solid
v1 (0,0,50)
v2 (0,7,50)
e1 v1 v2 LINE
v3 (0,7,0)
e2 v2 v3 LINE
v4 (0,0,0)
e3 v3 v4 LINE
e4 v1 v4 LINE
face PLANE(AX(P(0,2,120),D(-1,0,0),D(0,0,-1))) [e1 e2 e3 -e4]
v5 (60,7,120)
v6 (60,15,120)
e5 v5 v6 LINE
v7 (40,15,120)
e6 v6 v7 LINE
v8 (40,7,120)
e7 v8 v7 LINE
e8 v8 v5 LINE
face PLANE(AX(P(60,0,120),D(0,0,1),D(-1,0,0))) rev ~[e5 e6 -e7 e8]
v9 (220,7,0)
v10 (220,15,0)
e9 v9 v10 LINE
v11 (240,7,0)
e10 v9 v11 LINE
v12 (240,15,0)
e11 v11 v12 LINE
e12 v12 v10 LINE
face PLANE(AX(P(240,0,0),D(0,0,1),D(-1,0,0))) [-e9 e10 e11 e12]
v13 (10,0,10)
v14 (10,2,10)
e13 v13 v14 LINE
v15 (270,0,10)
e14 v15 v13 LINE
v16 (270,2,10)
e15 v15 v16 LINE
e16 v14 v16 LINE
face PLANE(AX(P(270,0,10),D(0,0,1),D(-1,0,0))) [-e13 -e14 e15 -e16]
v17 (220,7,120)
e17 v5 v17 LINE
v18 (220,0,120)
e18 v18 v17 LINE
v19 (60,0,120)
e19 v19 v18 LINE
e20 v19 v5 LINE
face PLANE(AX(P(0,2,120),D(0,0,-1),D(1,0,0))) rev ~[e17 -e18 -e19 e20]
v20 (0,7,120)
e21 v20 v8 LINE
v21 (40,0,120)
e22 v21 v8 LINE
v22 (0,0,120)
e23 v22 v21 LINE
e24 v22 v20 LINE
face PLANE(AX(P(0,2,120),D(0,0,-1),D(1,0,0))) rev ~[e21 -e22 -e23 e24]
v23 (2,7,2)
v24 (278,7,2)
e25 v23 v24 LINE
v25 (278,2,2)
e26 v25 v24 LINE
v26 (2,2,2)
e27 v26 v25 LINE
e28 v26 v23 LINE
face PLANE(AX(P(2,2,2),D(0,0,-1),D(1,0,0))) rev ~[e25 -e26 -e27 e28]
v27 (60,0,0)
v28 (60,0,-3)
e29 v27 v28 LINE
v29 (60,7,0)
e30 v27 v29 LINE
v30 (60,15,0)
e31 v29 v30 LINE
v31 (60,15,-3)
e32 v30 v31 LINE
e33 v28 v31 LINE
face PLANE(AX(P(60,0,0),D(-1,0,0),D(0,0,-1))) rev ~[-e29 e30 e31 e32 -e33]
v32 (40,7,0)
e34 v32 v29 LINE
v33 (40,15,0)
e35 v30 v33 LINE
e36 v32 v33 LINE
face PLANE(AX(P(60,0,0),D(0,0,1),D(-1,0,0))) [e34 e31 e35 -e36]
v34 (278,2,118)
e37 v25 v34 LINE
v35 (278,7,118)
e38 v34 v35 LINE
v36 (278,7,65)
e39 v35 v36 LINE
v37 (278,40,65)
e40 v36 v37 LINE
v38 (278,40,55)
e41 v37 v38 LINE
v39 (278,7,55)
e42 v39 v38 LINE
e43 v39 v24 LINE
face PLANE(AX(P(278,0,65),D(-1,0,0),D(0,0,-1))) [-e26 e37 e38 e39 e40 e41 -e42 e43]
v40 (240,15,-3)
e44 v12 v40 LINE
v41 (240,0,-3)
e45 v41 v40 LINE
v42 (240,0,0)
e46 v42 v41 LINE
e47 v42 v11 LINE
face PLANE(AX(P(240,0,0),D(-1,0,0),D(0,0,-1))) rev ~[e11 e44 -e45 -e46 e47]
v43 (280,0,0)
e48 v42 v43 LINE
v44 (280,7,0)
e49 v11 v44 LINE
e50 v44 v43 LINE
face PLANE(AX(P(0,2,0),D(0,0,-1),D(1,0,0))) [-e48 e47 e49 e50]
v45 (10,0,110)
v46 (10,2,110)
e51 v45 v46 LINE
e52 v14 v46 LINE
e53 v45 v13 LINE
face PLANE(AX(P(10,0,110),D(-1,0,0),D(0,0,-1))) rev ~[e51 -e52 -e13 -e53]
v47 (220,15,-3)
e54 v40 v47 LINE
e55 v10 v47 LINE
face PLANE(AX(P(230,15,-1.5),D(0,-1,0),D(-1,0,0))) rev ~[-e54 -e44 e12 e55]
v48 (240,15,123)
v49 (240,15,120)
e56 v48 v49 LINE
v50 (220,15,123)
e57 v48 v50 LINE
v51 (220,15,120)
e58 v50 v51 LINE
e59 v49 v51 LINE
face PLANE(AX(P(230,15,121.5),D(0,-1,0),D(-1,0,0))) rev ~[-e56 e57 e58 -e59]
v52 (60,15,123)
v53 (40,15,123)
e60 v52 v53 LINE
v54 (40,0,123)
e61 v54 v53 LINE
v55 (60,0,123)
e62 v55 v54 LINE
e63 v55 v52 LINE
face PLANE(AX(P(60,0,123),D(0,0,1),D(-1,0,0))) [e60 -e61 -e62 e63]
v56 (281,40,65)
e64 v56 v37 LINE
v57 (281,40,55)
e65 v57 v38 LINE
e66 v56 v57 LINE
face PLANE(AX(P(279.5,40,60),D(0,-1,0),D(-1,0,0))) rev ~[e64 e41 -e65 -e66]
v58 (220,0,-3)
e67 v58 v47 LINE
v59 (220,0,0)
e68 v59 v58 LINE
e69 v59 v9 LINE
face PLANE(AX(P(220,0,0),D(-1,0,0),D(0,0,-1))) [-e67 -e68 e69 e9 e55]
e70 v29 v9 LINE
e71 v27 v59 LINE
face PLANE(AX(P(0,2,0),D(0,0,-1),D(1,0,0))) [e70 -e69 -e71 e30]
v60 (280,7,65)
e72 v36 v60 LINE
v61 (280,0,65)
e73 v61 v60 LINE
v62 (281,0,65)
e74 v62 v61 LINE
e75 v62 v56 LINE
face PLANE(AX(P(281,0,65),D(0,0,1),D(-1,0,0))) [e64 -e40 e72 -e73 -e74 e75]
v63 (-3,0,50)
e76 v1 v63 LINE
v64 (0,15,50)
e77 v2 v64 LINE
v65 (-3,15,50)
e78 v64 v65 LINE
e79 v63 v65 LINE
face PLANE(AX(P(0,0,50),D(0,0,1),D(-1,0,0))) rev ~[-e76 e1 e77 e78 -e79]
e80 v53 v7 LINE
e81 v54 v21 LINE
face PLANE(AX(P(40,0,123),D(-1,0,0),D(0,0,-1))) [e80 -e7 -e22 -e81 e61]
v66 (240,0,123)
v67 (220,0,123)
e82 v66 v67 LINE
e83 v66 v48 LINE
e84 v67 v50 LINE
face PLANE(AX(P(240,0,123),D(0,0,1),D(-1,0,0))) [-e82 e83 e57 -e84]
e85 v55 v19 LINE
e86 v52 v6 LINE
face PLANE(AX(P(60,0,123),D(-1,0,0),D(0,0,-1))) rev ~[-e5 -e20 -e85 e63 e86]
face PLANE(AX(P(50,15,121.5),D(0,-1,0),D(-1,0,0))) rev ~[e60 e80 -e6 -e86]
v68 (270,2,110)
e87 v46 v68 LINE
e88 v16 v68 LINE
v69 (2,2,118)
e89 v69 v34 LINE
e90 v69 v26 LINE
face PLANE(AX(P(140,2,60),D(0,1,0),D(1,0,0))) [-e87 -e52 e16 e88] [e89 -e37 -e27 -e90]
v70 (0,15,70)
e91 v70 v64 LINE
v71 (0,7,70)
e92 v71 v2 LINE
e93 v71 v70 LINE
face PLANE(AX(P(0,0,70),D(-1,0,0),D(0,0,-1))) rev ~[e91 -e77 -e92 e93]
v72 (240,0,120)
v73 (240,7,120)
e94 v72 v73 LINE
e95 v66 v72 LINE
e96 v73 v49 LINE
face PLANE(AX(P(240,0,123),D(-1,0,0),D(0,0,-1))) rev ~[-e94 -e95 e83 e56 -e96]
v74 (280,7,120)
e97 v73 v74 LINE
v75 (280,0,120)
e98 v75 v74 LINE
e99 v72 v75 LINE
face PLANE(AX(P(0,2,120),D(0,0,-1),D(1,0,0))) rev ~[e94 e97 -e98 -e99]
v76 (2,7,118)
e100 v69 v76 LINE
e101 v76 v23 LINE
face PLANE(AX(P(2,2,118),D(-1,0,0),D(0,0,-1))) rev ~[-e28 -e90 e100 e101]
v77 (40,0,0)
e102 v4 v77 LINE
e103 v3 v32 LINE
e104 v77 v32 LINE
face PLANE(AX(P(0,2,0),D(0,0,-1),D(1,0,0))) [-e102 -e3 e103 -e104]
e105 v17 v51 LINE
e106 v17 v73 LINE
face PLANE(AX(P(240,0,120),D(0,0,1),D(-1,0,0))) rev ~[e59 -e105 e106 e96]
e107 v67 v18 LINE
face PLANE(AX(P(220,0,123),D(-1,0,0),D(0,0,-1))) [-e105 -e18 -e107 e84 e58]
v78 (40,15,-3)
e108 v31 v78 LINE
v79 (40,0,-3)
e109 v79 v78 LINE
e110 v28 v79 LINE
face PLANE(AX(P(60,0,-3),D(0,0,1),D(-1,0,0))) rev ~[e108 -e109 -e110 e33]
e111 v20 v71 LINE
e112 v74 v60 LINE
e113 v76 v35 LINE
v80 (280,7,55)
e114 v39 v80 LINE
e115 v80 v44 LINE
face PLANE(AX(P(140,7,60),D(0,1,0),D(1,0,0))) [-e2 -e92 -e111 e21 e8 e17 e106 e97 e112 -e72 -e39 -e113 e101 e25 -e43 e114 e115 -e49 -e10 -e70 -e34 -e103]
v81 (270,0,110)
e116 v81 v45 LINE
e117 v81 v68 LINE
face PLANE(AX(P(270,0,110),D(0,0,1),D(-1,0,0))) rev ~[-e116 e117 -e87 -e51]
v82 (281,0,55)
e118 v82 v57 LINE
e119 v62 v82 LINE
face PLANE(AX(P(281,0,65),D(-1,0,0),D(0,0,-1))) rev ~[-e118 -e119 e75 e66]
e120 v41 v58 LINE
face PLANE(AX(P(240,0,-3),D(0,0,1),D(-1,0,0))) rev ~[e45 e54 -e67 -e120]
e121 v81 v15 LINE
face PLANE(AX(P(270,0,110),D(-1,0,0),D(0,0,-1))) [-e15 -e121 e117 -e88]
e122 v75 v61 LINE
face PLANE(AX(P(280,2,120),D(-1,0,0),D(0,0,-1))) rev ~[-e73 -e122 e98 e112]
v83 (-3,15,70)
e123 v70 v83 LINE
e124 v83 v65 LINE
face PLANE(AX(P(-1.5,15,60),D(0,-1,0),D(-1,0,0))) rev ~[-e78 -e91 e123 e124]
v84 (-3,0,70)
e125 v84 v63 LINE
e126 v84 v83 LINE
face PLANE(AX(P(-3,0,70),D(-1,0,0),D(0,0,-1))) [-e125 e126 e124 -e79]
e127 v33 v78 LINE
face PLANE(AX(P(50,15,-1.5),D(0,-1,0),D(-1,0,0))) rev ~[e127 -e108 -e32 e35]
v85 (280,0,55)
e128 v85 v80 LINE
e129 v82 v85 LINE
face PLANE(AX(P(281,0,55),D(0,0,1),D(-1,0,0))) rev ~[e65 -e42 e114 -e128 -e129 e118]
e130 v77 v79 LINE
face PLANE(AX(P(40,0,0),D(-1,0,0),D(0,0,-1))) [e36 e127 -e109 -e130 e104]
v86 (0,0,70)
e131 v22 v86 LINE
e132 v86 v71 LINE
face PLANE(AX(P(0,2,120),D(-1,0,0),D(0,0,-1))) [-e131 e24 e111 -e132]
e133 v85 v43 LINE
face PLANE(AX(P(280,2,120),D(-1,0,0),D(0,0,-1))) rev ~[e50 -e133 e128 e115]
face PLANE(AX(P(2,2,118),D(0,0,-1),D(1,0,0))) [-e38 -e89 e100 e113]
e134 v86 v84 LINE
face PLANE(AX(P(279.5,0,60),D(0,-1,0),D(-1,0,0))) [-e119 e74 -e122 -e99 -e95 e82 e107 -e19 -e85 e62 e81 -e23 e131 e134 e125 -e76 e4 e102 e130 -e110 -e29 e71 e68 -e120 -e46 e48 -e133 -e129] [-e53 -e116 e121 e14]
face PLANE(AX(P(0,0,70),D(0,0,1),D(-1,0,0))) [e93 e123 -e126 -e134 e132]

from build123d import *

# Parameters (mm, degrees)
SKETCH1_W           = 280
SKETCH1_H           = 120
BOSS_EXTRUDE1_DEPTH = 2
SKETCH2_W           = 280
SKETCH2_H           = 120
SKETCH2_W_2         = 276
SKETCH2_H_2         = 116
BOSS_EXTRUDE2_DEPTH = 5
SKETCH4_W           = 20
SKETCH4_H           = 3
SKETCH4_W_2         = 3
SKETCH4_H_2         = 20
BOSS_EXTRUDE3_DEPTH = 15
SKETCH5_W           = 3
SKETCH5_H           = 10
BOSS_EXTRUDE4_DEPTH = 40
SKETCH6_W           = 260
SKETCH6_H           = 100
CUT_EXTRUDE2_DEPTH  = 41


with BuildPart() as part:
    # Sketch1 → Boss-Extrude1 (new body)
    with BuildSketch(Plane(origin=(0, 0, 0), x_dir=(1, 0, 0), z_dir=(0, 1, 0))):
        with Locations((140, -60)):
            Rectangle(SKETCH1_W, SKETCH1_H)
    extrude(amount=BOSS_EXTRUDE1_DEPTH)

    # Sketch2 → Boss-Extrude2 (add)
    with BuildSketch(Plane(origin=(0, 2, 0), x_dir=(1, 0, 0), z_dir=(0, 1, 0))):
        with Locations((140, -60)):
            Rectangle(SKETCH2_W, SKETCH2_H)
        with Locations((140, -60)):
            Rectangle(SKETCH2_W_2, SKETCH2_H_2, mode=Mode.SUBTRACT)
    extrude(amount=BOSS_EXTRUDE2_DEPTH)

    # Sketch4 → Boss-Extrude3 (add)
    with BuildSketch(Plane(origin=(0, 0, 0), x_dir=(-1, 0, 0), z_dir=(0, -1, 0))):
        with Locations((-50, 1.5)):
            Rectangle(SKETCH4_W, SKETCH4_H)
        with Locations((-230, 1.5)):
            Rectangle(SKETCH4_W, SKETCH4_H)
        with Locations((-230, -121.5)):
            Rectangle(SKETCH4_W, SKETCH4_H)
        with Locations((-50, -121.5)):
            Rectangle(SKETCH4_W, SKETCH4_H)
        with Locations((1.5, -60)):
            Rectangle(SKETCH4_W_2, SKETCH4_H_2)
    extrude(amount=-BOSS_EXTRUDE3_DEPTH)

    # Sketch5 → Boss-Extrude4 (add)
    with BuildSketch(Plane(origin=(0, 0, 0), x_dir=(-1, 0, 0), z_dir=(0, -1, 0))):
        with Locations((-279.5, -60)):
            Rectangle(SKETCH5_W, SKETCH5_H)
    extrude(amount=-BOSS_EXTRUDE4_DEPTH)

    # Sketch6 → Cut-Extrude2 (cut, through all)
    with BuildSketch(Plane(origin=(0, 0, 0), x_dir=(-1, 0, 0), z_dir=(0, -1, 0))):
        with Locations((-140, -60)):
            Rectangle(SKETCH6_W, SKETCH6_H)
    extrude(amount=-CUT_EXTRUDE2_DEPTH, mode=Mode.SUBTRACT)


solid = part.part
